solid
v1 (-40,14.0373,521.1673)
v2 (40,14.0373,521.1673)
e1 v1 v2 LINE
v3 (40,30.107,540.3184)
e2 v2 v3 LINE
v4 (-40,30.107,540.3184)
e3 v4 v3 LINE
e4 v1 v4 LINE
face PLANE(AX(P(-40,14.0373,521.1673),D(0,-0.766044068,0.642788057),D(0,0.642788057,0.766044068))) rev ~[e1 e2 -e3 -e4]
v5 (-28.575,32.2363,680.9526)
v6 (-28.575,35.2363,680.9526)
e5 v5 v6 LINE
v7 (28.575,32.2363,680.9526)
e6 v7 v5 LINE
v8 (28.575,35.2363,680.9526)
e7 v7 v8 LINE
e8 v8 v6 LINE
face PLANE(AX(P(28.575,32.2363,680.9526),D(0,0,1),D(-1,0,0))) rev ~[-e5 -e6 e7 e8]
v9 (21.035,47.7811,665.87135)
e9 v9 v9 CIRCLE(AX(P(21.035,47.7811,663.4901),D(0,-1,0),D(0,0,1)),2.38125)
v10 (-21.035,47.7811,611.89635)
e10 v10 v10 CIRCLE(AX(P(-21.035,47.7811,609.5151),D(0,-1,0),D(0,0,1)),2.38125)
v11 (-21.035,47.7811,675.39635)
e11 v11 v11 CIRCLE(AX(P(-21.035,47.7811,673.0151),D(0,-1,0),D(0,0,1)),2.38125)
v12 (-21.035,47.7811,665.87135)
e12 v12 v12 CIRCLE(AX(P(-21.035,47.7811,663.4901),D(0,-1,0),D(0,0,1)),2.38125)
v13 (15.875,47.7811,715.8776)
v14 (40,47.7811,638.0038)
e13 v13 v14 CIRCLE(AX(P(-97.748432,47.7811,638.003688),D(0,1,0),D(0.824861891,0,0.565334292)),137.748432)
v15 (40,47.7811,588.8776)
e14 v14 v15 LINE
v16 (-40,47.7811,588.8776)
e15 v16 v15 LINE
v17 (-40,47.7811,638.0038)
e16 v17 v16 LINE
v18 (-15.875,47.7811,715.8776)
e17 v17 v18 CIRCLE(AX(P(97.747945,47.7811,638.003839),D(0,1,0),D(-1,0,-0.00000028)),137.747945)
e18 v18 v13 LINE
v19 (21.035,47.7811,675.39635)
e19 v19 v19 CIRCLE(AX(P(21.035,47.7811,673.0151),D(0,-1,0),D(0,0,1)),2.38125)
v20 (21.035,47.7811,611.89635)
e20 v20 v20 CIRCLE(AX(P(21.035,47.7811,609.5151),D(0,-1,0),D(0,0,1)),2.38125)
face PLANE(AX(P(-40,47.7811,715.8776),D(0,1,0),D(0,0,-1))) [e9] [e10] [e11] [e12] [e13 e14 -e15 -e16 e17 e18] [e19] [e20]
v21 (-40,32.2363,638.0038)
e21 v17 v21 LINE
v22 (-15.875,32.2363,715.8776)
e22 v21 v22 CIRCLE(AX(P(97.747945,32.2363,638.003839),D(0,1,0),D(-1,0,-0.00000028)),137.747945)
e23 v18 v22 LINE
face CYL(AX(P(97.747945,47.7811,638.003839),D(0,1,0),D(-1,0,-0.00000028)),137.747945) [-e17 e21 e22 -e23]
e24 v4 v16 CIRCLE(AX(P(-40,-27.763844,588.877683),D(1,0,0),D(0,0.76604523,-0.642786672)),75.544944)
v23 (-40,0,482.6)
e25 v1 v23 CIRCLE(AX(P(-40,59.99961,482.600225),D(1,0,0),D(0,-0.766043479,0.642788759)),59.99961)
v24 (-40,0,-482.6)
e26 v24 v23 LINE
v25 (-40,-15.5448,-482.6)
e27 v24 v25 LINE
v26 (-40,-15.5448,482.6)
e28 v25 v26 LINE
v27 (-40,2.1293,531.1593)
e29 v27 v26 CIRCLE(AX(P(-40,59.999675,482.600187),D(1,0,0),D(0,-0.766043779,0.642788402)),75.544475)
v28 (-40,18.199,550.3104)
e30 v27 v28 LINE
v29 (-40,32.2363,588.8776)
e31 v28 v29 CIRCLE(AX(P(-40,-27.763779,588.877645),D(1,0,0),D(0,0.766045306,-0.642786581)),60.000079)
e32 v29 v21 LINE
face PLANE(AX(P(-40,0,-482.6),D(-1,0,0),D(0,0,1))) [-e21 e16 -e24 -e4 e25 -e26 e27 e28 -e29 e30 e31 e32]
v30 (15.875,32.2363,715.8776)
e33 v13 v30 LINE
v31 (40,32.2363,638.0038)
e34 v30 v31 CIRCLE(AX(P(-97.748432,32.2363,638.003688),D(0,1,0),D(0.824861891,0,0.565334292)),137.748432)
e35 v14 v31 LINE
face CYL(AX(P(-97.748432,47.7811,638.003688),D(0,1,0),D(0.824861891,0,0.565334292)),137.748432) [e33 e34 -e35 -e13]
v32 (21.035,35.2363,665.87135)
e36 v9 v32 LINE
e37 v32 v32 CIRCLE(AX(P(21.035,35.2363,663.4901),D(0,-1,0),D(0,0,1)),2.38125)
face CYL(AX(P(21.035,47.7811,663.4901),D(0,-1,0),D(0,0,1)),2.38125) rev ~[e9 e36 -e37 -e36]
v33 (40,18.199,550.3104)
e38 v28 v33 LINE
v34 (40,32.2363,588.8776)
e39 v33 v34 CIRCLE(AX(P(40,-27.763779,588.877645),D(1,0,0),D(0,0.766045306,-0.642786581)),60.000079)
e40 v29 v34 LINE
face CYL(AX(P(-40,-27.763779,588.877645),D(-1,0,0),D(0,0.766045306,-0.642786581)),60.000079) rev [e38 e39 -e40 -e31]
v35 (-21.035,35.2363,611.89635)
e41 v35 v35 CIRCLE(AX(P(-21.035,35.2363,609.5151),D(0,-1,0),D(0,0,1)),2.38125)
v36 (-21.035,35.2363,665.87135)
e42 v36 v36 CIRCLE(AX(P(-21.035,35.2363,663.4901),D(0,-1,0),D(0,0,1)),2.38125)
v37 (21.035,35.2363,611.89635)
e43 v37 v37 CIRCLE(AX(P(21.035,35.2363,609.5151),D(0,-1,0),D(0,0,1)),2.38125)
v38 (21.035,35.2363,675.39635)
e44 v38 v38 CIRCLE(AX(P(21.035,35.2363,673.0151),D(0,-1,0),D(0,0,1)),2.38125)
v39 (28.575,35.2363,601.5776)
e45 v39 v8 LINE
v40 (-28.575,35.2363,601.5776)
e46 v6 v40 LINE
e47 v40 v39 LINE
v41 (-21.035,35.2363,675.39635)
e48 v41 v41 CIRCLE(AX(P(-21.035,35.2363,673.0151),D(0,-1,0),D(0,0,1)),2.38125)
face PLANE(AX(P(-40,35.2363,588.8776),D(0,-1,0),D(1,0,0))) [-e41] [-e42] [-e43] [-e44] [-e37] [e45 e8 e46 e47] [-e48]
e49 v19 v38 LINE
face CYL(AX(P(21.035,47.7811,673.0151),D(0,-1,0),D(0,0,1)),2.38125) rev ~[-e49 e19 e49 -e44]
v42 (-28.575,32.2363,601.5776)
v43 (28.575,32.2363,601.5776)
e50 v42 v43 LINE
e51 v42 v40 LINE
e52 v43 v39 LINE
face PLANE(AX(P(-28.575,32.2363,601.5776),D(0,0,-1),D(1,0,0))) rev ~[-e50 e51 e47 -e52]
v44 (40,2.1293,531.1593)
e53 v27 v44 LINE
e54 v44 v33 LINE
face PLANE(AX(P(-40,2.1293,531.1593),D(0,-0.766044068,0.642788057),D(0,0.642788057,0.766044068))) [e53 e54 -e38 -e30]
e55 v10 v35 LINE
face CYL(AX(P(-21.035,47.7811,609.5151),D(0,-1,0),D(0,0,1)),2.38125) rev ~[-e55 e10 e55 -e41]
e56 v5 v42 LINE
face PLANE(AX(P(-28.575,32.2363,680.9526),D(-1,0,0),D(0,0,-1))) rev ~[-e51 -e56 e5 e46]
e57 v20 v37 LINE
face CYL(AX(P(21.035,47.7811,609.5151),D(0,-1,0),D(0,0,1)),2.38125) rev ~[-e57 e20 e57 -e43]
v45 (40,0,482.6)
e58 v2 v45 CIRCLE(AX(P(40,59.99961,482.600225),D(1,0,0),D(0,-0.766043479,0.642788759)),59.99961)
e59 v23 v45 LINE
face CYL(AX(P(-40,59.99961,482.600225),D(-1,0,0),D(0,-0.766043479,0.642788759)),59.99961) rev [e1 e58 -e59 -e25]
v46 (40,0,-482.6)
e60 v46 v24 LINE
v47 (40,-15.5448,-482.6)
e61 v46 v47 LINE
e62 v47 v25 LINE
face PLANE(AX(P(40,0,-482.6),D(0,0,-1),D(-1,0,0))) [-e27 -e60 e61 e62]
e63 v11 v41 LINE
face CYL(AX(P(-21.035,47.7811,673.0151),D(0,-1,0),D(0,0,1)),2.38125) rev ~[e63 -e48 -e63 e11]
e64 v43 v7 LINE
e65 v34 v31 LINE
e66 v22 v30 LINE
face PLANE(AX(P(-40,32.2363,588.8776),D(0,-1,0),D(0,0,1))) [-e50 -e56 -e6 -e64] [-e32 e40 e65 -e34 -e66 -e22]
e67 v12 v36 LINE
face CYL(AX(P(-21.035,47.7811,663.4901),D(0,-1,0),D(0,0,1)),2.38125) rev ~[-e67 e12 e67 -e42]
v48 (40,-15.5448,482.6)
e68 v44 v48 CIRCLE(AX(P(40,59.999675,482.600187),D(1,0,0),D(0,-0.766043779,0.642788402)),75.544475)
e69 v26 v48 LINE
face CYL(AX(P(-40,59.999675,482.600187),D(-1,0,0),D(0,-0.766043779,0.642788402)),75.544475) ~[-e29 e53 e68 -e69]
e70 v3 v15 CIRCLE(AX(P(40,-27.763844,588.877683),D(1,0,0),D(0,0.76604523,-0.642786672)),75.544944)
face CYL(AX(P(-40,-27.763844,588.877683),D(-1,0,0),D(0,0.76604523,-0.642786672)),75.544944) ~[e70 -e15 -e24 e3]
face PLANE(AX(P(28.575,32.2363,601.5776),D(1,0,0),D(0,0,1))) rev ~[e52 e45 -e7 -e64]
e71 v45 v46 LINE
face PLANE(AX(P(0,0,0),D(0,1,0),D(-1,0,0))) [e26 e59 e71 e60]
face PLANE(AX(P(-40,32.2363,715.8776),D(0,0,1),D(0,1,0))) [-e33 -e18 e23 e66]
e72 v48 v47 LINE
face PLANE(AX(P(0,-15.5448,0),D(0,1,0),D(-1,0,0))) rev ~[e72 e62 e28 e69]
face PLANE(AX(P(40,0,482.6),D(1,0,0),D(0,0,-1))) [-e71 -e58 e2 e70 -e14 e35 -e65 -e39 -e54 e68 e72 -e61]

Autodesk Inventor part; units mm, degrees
ref_plane "YZ Plane" through (0, 0, 0) normal (1, 0, 0) x (0, 1, 0)
ref_plane "XZ Plane" through (0, 0, 0) normal (0, 1, 0) x (-1, 0, 0)
ref_plane "XY Plane" through (0, 0, 0) normal (0, 0, 1) x (1, 0, 0)
sketch "Sketch1" plane through (0, 0, 0) normal (0, 1, 0) x (-1, 0, 0)
  line L0 (-40, 482.6) -> (-40, -482.6)
  line L1 (-40, -482.6) -> (40, -482.6)
  line L2 (40, -482.6) -> (40, 482.6)
  line L3 (40, 482.6) -> (-40, 482.6)
  line L4 (-40, 482.6) -> (40, -482.6) construction
  line L5 (-40, -482.6) -> (40, 482.6) construction
  point P0 (0, 0)
  dimension "d0" = 965.2
  dimension "d1" = 80
extrude "Extrusion1" add sketch "Sketch1" against normal blind 15.5448
ref_plane "Work Plane1" through (0, 0, 482.6) normal (1, 0, 0) x (0, 1, 0)
sketch "Sketch2" plane through (0, 0, 482.6) normal (1, 0, 0) x (0, 1, 0)
  line L0 (0, -965.2) -> (0, 0) projected
  line L1 (0, -965.2) -> (-15.5448, -965.2) projected
  line L2 (-15.5448, 0) -> (-15.5448, -965.2) projected
  line L3 (0, 0) -> (-15.5448, 0) projected
  line L4 (41.9902, -1050.1493) -> (41.9902, -1135.1493)
  line L5 (57.0671, -1050.1493) -> (57.0671, -1135.1493)
  line L6 (57.0671, -1135.1493) -> (41.9902, -1135.1493)
  line L7 (41.9902, -1092.6493) -> (57.0671, -1092.6493) construction
  line L8 (-15.5448, 0) -> (-15.5448, -965.2) construction
  line L9 (-15.5448, -965.2) -> (-15.5448, -1004.6981) construction
  line L10 (-15.5448, -1004.6981) -> (41.9902, -1021.6042) construction
  line L11 (41.9902, -1021.6042) -> (41.9902, -1050.1493) construction
  spline S0 degree 3 poles (-15.5448, -965.2) (-15.5448, -1004.6981) (41.9902, -1021.6042) (41.9902, -1050.1493) knots 1 1 1 1 2 2 2 2
  line L12 (57.0671, -1050.1493) -> (57.0671, -1021.6042) construction
  line L13 (57.0671, -1021.6042) -> (0, -1003.1803) construction
  line L14 (0, -965.2) -> (0, 0) construction
  line L15 (0, -1003.1803) -> (0, -965.2) construction
  spline S1 degree 3 poles (57.0671, -1050.1493) (57.0671, -1021.6042) (0, -1003.1803) (0, -965.2) knots 1 1 1 1 2 2 2 2
  point P0 (0, -482.6)
  dimension "d4" = 85
  dimension "d5" = 15.0769
sketch "Sketch3" plane through (0, 0, 482.6) normal (1, 0, 0) x (0, 1, 0)
  line L0 (0, 0) -> (0, -965.2) projected
  line L1 (0, 0) -> (-15.5448, 0) projected
  line L2 (-15.5448, -965.2) -> (-15.5448, 0) projected
  line L3 (0, -965.2) -> (-15.5448, -965.2) projected
  arc A0 (2.1293, 48.5593) -> (-15.5448, 0) centre (60, 0) ccw
  arc A1 (14.0373, 38.5673) -> (0, 0) centre (60, 0) ccw
  line L4 (2.1293, 48.5593) -> (18.199, 67.7104)
  line L5 (0, 0) -> (-15.5448, 0) construction
  line L6 (2.1293, 48.5593) -> (14.0373, 38.5673) construction
  line L7 (14.0373, 38.5673) -> (30.107, 57.7184)
  arc A2 (18.199, 67.7104) -> (32.2363, 106.2776) centre (-27.7637, 106.2776) ccw
  arc A3 (30.107, 57.7184) -> (47.7811, 106.2776) centre (-27.7637, 106.2776) ccw
  line L8 (32.2363, 106.2776) -> (32.2363, 233.2776)
  line L9 (32.2363, 233.2776) -> (47.7811, 233.2776)
  line L10 (47.7811, 233.2776) -> (47.7811, 106.2776)
  line L11 (30.107, 57.7184) -> (18.199, 67.7104) construction
  line L12 (32.2363, 106.2776) -> (47.7811, 106.2776) construction
  point P0 (0, -482.6)
  dimension "d17" = 127
  dimension "d18" = 140
  dimension "d19" = 60
  dimension "d21" = 140
  dimension "d22" = 25
extrude "Extrusion2" add sketch "Sketch3" along normal up to surface (80 mm away) from surface at -40 contours L1 A0 L4 A2 L8 L9 L10 A3 L7 A1
sketch "Sketch9" plane through (-40, 47.7811, 588.8776) normal (0, 1, 0) x (1, 0, 0)
  line L0 (0, -127) -> (0, 0) construction
  line L1 (0, 0) -> (0, -127) construction
  line L2 (80, -127) -> (80, 0) construction
  line L3 (0, -127) -> (0, -49.1262)
  line L4 (80, 0) -> (80, -127) projected
  line L5 (80, -49.1262) -> (80, -127)
  arc A0 (0, -49.1262) -> (24.125, -127) centre (137.7482, -49.1262) ccw
  arc A1 (55.875, -127) -> (80, -49.1262) centre (-57.7482, -49.1262) ccw
  line L6 (24.125, -127) -> (55.875, -127)
  line L7 (0, -127) -> (80, -127) projected
  line L8 (55.875, -127) -> (80, -127)
  line L9 (80, -127) -> (80, -49.1262)
  line L10 (0, -127) -> (24.125, -127)
  line L11 (55.875, -127) -> (80, -127)
  line L12 (24.125, -127) -> (0, -127)
  point P0 (40, 588.8776)
  dimension "d41" = 31.75
sketch "Sketch10" plane through (-40, 47.7811, 588.8776) normal (0, 1, 0) x (1, 0, 0)
  line L0 (11.425, -92.075) -> (68.575, -92.075) construction
  line L1 (68.575, -92.075) -> (68.575, -12.7) construction
  line L2 (68.575, -12.7) -> (11.425, -12.7) construction
  line L3 (11.425, -12.7) -> (11.425, -92.075) construction
  line L4 (11.425, -92.075) -> (68.575, -12.7) construction
  line L5 (68.575, -92.075) -> (11.425, -12.7) construction
  line L6 (12.6315, -90.043) -> (67.3685, -90.043)
  line L7 (67.3685, -90.043) -> (67.3685, -14.732)
  line L8 (67.3685, -14.732) -> (12.6315, -14.732)
  line L9 (12.6315, -14.732) -> (12.6315, -90.043)
  line L10 (12.6315, -90.043) -> (67.3685, -14.732) construction
  line L11 (67.3685, -90.043) -> (12.6315, -14.732) construction
  line L12 (18.965, -84.1375) -> (61.035, -84.1375) construction
  line L13 (61.035, -84.1375) -> (61.035, -20.6375) construction
  line L14 (61.035, -20.6375) -> (18.965, -20.6375) construction
  line L15 (18.965, -20.6375) -> (18.965, -84.1375) construction
  line L16 (18.965, -84.1375) -> (61.035, -20.6375) construction
  line L17 (61.035, -84.1375) -> (18.965, -20.6375) construction
  line L18 (18.965, -84.1375) -> (61.035, -84.1375) construction
  line L19 (61.035, -84.1375) -> (61.035, -74.6125) construction
  line L20 (61.035, -74.6125) -> (18.965, -74.6125) construction
  line L21 (18.965, -74.6125) -> (18.965, -84.1375) construction
  line L22 (68.575, -12.7) -> (80, -12.7) construction
  line L23 (11.425, -12.7) -> (0, -12.7) construction
  line L24 (0, -127) -> (0, 0) construction
  line L25 (80, -127) -> (80, 0) projected
  line L26 (0, 0) -> (80, 0) projected
  point P0 (40, 588.8776)
  point P1 (40, -52.3875)
  dimension "d33" = 57.15
  dimension "d34" = 79.375
  dimension "d35" = 54.737
  dimension "d36" = 75.311
  dimension "d37" = 42.07
  dimension "d38" = 63.5
  dimension "d39" = 9.525
  dimension "d40" = 12.7
extrude "Extrusion7" cut sketch "Sketch9" against normal through all
hole "Hole1" at (-21.035, 47.7811, 673.0151) at (-21.035, 47.7811, 663.4901) at (21.035, 47.7811, 673.0151) at (21.035, 47.7811, 663.4901) at (21.035, 47.7811, 609.5151) at (-21.035, 47.7811, 609.5151) direction (0, -1, 0) diameter 4.7625 end through all
sketch "Sketch11" plane through (-40, 32.2363, 588.8776) normal (0, -1, 0) x (1, 0, 0)
  line L0 (11.425, 92.075) -> (68.575, 92.075) construction
  line L1 (11.425, 12.7) -> (11.425, 92.075) construction
  line L2 (68.575, 92.075) -> (68.575, 12.7) construction
  line L3 (11.425, 12.7) -> (68.575, 12.7)
  line L4 (68.575, 12.7) -> (68.575, 92.075)
  line L5 (68.575, 92.075) -> (11.425, 92.075)
  line L6 (11.425, 92.075) -> (11.425, 12.7)
  line L7 (11.425, 12.7) -> (68.575, 92.075) construction
  line L8 (68.575, 12.7) -> (11.425, 92.075) construction
  point P0 (40, -588.8776)
  point P1 (40, 52.3875)
extrude "Extrusion8" cut sketch "Sketch11" against normal blind 3
properties part number "Metal Middle" material "Aluminum 6061"
